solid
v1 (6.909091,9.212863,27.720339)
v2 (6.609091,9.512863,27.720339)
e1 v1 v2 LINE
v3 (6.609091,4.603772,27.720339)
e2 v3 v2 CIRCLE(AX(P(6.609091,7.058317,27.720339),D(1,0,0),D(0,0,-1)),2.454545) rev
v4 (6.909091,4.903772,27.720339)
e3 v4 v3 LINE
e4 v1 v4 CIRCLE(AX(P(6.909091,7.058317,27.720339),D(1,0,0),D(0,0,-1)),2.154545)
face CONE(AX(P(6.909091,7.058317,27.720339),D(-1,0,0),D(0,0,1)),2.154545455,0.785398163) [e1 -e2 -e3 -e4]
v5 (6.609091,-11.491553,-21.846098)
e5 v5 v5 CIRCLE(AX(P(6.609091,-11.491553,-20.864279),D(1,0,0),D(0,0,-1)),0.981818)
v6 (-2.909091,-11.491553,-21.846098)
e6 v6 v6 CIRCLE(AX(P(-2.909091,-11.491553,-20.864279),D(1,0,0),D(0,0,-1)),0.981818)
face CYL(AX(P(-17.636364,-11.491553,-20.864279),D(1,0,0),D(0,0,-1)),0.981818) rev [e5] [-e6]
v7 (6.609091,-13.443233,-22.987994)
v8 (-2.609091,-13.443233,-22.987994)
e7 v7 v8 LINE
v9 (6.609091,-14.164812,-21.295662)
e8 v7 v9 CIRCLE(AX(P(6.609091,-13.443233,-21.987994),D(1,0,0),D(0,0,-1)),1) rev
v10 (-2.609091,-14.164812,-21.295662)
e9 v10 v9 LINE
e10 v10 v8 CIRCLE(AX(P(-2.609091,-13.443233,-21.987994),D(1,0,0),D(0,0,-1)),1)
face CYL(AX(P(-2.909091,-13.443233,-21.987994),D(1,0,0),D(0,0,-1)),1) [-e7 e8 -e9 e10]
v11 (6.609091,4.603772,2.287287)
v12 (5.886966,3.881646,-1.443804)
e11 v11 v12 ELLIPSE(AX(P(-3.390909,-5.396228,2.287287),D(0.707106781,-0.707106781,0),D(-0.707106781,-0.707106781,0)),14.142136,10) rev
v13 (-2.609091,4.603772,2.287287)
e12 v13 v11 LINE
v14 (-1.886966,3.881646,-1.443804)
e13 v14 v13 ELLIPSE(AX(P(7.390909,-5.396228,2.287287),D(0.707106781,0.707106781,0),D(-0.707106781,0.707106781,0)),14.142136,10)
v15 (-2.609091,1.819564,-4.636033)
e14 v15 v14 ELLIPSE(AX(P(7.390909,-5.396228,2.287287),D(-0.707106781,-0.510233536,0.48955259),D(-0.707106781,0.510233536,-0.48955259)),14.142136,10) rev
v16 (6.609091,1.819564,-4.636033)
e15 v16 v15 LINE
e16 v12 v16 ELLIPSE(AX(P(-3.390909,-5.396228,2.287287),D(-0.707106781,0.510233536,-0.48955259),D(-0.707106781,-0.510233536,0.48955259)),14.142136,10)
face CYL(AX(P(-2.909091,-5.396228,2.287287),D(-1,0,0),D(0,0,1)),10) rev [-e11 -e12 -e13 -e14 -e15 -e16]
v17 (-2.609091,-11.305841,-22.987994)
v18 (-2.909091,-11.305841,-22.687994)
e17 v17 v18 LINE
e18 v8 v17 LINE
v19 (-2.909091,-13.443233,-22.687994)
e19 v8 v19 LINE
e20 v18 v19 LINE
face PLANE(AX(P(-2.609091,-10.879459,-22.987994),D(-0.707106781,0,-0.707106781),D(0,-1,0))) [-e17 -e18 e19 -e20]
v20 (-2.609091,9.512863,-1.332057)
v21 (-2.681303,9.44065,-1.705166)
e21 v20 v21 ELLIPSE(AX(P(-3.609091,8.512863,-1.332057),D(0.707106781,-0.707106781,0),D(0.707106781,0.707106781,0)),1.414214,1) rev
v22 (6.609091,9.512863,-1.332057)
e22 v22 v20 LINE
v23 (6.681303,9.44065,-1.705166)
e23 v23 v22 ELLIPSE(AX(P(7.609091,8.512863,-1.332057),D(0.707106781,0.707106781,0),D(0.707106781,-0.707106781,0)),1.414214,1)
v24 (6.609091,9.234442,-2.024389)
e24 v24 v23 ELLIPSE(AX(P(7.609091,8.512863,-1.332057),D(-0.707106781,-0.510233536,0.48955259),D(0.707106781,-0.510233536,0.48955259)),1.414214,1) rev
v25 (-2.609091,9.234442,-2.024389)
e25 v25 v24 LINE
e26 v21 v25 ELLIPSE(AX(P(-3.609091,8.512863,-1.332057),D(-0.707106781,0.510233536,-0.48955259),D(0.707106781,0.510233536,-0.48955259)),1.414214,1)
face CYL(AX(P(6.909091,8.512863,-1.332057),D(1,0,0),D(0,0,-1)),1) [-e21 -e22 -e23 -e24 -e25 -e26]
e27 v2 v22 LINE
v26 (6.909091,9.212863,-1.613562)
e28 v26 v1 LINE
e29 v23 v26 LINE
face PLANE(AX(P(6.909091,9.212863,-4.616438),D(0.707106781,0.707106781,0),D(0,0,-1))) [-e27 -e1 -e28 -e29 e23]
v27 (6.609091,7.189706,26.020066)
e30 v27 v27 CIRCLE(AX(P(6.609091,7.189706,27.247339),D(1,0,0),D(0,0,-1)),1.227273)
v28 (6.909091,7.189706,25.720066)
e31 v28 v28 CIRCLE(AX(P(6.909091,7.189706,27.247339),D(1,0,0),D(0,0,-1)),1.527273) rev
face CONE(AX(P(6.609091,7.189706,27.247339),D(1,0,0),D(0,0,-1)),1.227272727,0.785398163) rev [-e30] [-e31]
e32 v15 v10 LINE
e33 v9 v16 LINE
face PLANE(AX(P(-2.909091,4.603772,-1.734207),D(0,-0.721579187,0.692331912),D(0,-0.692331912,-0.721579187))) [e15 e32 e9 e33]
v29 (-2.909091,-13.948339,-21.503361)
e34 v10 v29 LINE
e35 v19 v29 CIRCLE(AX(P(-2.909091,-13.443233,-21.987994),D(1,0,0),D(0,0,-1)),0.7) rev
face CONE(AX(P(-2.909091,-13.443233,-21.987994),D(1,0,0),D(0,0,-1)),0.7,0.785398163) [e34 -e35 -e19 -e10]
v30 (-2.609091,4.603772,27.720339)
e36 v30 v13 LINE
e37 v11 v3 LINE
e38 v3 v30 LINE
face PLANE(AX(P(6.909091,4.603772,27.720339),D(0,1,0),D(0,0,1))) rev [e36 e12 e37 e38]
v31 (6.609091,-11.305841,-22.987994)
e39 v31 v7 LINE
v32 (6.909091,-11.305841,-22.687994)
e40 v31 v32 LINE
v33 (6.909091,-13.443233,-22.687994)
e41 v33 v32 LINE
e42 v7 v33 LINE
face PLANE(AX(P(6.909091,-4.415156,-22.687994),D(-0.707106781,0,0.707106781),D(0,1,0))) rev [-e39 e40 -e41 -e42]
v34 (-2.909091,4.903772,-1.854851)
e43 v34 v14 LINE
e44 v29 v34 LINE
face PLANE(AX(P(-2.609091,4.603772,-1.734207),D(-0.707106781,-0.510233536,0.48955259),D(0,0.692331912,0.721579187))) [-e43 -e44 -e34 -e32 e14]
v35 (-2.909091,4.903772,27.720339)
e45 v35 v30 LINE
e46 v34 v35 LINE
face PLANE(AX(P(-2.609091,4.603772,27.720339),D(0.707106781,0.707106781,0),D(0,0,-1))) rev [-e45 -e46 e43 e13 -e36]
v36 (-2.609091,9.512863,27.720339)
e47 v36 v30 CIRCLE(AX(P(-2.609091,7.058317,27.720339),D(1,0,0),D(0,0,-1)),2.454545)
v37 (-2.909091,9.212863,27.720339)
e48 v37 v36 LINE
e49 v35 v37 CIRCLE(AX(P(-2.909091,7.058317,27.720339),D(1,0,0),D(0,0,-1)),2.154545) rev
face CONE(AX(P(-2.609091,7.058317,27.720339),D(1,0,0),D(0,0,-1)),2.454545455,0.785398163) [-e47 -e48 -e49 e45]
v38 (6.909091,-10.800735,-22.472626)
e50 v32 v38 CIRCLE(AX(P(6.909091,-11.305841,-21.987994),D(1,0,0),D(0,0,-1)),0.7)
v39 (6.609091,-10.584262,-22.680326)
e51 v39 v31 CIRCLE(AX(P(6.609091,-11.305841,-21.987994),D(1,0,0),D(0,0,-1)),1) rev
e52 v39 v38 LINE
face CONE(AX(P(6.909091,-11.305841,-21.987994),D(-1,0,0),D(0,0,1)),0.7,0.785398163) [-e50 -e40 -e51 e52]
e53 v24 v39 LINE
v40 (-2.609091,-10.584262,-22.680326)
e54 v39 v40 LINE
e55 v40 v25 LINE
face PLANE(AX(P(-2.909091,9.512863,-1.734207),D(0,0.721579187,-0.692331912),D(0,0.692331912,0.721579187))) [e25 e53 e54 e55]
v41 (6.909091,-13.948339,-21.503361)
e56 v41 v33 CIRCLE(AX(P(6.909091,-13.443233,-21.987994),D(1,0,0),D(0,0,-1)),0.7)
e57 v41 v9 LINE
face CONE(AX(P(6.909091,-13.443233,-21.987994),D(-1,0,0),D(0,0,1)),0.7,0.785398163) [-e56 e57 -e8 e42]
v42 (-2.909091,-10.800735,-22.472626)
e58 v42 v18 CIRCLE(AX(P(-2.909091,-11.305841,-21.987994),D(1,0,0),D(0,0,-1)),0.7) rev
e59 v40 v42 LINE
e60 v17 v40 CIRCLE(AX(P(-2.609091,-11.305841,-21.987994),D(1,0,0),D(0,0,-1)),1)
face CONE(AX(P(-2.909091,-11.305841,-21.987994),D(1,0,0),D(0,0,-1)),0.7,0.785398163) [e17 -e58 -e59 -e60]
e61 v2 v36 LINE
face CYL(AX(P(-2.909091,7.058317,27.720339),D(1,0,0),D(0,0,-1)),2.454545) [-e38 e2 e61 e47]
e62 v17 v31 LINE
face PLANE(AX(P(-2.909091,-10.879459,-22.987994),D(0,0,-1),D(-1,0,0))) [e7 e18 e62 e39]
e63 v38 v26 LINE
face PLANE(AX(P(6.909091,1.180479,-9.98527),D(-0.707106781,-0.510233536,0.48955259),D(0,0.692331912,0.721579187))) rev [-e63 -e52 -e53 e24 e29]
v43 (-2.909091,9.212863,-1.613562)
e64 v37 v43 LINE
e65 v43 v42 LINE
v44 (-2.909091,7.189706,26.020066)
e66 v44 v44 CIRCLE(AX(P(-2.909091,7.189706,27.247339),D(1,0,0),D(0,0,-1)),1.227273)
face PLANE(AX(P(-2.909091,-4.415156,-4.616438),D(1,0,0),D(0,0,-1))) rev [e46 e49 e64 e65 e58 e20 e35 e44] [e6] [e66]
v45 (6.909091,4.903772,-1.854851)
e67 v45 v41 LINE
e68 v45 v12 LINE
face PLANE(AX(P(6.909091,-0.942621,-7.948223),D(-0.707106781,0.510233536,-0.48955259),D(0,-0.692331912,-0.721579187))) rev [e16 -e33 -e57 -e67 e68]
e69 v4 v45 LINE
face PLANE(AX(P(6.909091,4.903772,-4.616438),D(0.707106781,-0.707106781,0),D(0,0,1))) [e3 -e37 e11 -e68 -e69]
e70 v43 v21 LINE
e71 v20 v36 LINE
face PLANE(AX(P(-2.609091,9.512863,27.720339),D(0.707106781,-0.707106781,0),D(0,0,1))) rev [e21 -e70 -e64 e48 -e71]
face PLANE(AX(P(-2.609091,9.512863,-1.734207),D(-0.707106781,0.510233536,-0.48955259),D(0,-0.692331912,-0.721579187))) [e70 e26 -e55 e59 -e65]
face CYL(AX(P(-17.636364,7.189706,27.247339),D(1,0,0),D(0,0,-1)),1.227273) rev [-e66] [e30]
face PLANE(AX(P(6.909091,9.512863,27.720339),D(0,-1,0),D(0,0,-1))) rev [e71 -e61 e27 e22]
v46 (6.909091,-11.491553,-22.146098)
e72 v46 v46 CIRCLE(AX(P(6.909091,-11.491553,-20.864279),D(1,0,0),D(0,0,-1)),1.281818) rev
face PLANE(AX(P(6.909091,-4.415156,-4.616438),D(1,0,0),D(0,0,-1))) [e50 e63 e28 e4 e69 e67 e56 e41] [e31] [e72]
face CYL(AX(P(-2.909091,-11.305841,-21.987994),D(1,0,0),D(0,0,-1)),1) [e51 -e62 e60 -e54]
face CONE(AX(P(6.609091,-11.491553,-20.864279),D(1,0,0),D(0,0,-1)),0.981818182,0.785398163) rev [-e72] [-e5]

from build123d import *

# Parameters (mm, degrees)
SKETCH_1_W          = 12
SKETCH_1_H          = 2
EXTRUDE_1_DEPTH     = 4
EXTRUDE_2_DEPTH     = 4
EXTRUDE_4_DEPTH     = 4
SKETCH_8_R          = 0.5
CUT_EXTRUDE_1_DEPTH = 10
SKETCH_9_R          = 0.4
CUT_EXTRUDE_2_DEPTH = 10
SCALE_1_SCALE       = 2.454545455
FILLET_1_R          = 1
CHAMFER_1_SIZE      = 0.3
FILLET_2_R          = 1
FILLET_3_R          = 10


with BuildPart() as part:
    # 草图1 → 凸台-拉伸1 (new body)
    with BuildSketch(Plane(origin=(0, 0, 0), x_dir=(0, 0, -1), z_dir=(1, 0, 0))):
        with Locations((-7.174242424, 4.674378087)):
            Rectangle(SKETCH_1_W, SKETCH_1_H)
    extrude(amount=EXTRUDE_1_DEPTH)

    # 草图4 → 凸台-拉伸2 (add)
    with BuildSketch(Plane(origin=(4, 0, 0), x_dir=(0, 0, -1), z_dir=(1, 0, 0))):
        Polygon((-1.174242424, 5.674378087), (-1.174242424, 3.674378087), (7.484707821, -4.633604859), (7.484707821, -2.633604859), align=None)
    extrude(amount=-EXTRUDE_2_DEPTH)

    # 草图7 → 凸台-拉伸4 (add)
    with BuildSketch(Plane(origin=(4, 0, 0), x_dir=(0, 0, -1), z_dir=(1, 0, 0))):
        with BuildLine():
            Line((-13.174242424, 5.674378087), (-13.174242424, 3.674378087))
            ThreePointArc((-13.174242424, 3.674378087), (-14.174242424, 4.674378087), (-13.174242424, 5.674378087))
        make_face()
    extrude(amount=-EXTRUDE_4_DEPTH)

    # 草图8 → 切除-拉伸1 (cut)
    with BuildSketch(Plane(origin=(4, 0, 0), x_dir=(0, 0, -1), z_dir=(1, 0, 0))):
        with Locations((-12.981538842, 4.72790686)):
            Circle(SKETCH_8_R)
    extrude(amount=-CUT_EXTRUDE_1_DEPTH, mode=Mode.SUBTRACT)

    # 草图9 → 切除-拉伸2 (cut)
    with BuildSketch(Plane(origin=(4, 0, 0), x_dir=(0, 0, -1), z_dir=(1, 0, 0))):
        with Locations((6.619490877, -2.882976322)):
            Circle(SKETCH_9_R)
    extrude(amount=-CUT_EXTRUDE_2_DEPTH, mode=Mode.SUBTRACT)


with BuildPart() as part_1:
    # 缩放比例1: scaled about (2, 3.035419998, 3.173801188)
    add(part.part.scale(SCALE_1_SCALE).moved(Location((-2.909090909, -4.415156361, -4.616438092))))

    # 圆角1
    fillet_1_edges = [part_1.edges().sort_by_distance(p)[0] for p in [
        (2, -10.879459197, -22.987993653),
        (2, -15.788550106, -22.987993653),
    ]]
    fillet(fillet_1_edges, radius=FILLET_1_R)

    # 倒角1
    chamfer_1_edges = [part_1.edges().sort_by_distance(p)[0] for p in [
        (-2.909090909, -4.780520326, -11.514934214),
        (6.909090909, 4.603771672, 12.993066041),
        (6.909090909, -4.780520326, -11.514934214),
        (-2.909090909, 7.058317127, 30.174884222),
        (6.909090909, 7.058317127, 30.174884222),
        (6.909090909, 7.189705933, 28.474611794),
        (6.909090909, -11.491552788, -19.882461153),
        (6.909090909, -12.374536967, -22.987993653),
        (-2.909090909, -12.374536967, -22.987993653),
        (-2.909090909, 4.603771672, 12.993066041),
        (6.909090909, -0.535699514, -12.207266126),
        (6.909090909, -14.36310593, -22.380210486),
        (6.909090909, -10.913623963, -22.907866447),
        (-2.909090909, -0.535699514, -12.207266126),
        (-2.909090909, -14.36310593, -22.380210486),
        (-2.909090909, -10.913623963, -22.907866447),
        (-2.909090909, 9.512862581, 12.993066041),
        (6.909090909, 9.512862581, 12.993066041),
    ]]
    chamfer(chamfer_1_edges, length=CHAMFER_1_SIZE)

    # 圆角2
    fillet_2_edges = [part_1.edges().sort_by_distance(p)[0] for p in [
        (2, 9.512862581, -1.734206687),
    ]]
    fillet(fillet_2_edges, radius=FILLET_2_R)

    # 圆角3
    fillet_3_edges = [part_1.edges().sort_by_distance(p)[0] for p in [
        (2, 4.603771672, -1.734206687),
    ]]
    fillet(fillet_3_edges, radius=FILLET_3_R)


solid = part_1.part
